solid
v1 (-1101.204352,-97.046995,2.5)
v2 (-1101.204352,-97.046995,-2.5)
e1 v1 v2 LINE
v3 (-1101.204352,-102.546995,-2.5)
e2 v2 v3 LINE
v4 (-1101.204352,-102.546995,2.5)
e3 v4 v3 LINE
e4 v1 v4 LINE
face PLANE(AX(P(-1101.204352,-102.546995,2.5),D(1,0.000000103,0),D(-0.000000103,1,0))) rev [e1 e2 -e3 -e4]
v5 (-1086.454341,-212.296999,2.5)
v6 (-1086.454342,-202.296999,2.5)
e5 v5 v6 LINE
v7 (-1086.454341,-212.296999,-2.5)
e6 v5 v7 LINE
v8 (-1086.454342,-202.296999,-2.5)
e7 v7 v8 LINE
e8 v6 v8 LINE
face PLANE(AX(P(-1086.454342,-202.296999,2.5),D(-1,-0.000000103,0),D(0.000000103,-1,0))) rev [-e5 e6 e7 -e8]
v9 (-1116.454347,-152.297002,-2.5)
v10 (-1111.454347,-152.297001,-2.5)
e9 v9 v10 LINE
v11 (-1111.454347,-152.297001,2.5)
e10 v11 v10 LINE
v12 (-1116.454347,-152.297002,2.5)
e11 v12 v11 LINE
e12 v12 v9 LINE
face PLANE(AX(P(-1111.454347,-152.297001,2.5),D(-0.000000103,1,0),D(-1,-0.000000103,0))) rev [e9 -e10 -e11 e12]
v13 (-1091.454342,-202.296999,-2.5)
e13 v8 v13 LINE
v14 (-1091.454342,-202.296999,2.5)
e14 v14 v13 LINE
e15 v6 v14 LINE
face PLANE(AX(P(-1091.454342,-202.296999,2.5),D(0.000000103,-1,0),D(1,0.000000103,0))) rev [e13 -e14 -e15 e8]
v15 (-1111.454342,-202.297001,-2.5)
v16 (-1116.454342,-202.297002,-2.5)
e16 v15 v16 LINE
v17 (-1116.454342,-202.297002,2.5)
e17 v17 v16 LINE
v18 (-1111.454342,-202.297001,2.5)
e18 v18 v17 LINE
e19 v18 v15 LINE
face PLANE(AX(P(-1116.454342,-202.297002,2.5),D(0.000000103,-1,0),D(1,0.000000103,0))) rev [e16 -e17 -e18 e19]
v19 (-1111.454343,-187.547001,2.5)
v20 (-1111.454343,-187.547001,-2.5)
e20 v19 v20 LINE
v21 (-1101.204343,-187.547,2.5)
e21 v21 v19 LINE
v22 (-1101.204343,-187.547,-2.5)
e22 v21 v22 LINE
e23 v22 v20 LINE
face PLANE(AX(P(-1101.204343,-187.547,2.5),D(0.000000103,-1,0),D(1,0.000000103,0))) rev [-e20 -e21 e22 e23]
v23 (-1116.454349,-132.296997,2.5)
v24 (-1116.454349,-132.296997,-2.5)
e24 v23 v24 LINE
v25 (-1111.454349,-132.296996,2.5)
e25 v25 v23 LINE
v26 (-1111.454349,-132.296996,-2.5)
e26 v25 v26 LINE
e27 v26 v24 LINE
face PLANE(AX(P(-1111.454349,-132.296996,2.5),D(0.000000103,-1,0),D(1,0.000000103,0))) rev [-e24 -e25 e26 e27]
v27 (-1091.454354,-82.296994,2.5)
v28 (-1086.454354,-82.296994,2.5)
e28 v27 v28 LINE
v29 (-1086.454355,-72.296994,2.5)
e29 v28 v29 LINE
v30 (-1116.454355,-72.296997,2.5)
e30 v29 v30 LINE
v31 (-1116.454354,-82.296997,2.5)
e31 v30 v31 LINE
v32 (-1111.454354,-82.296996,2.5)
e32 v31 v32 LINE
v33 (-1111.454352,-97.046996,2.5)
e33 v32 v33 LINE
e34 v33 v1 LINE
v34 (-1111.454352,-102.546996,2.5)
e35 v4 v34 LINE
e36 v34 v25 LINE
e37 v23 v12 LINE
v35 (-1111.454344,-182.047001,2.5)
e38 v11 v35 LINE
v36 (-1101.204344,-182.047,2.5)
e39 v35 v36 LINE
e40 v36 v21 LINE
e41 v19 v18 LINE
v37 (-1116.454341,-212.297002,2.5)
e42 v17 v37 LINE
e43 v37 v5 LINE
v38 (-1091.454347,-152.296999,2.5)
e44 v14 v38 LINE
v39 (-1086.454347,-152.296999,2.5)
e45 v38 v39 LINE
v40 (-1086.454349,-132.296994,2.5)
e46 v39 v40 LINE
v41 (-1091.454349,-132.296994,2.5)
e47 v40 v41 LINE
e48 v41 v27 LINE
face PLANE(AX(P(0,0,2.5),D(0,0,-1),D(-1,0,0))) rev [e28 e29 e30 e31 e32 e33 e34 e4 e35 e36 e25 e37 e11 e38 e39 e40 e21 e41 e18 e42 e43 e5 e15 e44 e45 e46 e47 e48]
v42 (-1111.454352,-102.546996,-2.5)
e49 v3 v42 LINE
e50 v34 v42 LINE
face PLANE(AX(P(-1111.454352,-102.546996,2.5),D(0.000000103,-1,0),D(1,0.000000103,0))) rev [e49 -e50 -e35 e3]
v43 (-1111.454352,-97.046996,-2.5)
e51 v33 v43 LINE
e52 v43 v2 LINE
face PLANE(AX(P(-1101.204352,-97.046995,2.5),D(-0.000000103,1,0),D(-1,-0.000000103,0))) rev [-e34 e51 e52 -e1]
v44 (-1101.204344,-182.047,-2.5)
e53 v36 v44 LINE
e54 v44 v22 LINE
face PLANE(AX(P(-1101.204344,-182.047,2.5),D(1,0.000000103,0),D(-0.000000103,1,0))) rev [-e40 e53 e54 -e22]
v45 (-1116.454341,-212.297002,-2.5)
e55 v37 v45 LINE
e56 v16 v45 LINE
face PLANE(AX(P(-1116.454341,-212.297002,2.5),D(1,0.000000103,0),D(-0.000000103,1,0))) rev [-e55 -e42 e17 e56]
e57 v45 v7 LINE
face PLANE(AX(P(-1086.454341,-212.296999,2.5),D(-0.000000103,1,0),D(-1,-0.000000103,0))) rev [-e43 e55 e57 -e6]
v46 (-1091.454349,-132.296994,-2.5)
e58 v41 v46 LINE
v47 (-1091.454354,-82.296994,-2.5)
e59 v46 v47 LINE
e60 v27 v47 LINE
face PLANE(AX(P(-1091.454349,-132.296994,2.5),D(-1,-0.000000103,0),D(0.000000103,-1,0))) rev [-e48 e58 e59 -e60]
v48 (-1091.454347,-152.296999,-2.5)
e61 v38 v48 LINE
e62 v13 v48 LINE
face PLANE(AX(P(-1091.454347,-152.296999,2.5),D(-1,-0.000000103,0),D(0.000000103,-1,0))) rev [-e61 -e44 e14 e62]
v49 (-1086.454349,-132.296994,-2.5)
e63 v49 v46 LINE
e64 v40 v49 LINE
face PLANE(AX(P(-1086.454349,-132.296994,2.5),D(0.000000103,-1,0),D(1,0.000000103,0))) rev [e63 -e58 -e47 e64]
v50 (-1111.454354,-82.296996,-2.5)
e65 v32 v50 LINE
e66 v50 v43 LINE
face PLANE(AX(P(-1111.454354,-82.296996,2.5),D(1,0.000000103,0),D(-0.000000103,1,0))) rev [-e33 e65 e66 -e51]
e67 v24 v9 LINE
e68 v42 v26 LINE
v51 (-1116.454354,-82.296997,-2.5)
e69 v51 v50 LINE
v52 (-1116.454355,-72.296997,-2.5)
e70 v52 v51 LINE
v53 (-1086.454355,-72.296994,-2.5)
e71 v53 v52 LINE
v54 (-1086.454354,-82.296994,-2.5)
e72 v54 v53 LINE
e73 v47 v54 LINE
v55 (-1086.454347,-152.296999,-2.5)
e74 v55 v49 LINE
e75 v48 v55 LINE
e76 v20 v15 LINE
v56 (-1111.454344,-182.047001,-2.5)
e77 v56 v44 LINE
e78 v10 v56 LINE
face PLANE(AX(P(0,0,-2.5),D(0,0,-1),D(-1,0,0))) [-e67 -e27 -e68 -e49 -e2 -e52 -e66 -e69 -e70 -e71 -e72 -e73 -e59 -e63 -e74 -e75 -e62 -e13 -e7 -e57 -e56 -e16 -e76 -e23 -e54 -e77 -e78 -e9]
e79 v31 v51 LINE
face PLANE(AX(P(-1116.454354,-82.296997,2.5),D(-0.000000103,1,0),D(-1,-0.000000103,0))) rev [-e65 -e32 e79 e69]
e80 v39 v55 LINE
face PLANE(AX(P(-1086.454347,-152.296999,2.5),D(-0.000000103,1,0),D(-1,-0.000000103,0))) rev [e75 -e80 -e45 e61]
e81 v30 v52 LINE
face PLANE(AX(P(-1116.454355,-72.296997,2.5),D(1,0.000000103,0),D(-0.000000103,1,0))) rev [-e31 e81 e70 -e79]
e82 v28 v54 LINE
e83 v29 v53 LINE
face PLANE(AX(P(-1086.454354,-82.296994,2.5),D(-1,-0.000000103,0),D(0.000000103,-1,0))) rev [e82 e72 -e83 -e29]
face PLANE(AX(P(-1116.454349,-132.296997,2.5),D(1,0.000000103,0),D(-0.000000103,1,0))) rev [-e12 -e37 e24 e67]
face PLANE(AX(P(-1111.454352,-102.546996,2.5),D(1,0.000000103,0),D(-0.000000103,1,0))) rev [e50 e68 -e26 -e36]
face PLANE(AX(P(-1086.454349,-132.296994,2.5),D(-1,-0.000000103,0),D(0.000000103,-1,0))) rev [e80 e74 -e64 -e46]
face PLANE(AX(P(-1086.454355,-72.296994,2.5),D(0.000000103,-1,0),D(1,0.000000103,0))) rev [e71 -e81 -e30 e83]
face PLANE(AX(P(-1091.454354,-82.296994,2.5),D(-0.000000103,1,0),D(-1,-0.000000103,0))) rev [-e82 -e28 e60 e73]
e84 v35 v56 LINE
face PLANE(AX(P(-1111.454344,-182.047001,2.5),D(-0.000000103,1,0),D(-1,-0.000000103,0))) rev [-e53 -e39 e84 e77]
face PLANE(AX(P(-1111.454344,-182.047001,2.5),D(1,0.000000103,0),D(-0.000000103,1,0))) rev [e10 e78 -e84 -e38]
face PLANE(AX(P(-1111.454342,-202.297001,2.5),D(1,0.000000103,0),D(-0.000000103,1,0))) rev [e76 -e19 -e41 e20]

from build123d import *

# Parameters (mm, degrees)
BOSS_EXTRUDE1_DEPTH = 2.5


with BuildPart() as part:
    # Sketch2 → Boss-Extrude1 (new, symmetric)
    with BuildSketch(Plane.XY):
        Polygon((-1086.454340614, -212.296998666), (-1116.454340614, -212.29700175), (-1116.454341642, -202.29700175), (-1111.454341642, -202.297001236), (-1111.454343158, -187.547001236), (-1101.204343158, -187.547000182), (-1101.204343723, -182.047000182), (-1111.454343723, -182.047001236), (-1111.454346781, -152.297001236), (-1116.454346781, -152.29700175), (-1116.454348836, -132.296996662), (-1111.454348836, -132.296996148), (-1111.454351894, -102.546996148), (-1101.204351894, -102.546995095), (-1101.204352459, -97.046995095), (-1111.454352459, -97.046996148), (-1111.454353975, -82.296996148), (-1116.454353975, -82.296996662), (-1116.454355003, -72.296996662), (-1086.454355003, -72.296993579), (-1086.454353975, -82.296993579), (-1091.454353975, -82.296994093), (-1091.454348836, -132.296994093), (-1086.454348836, -132.296993579), (-1086.454346781, -152.296998666), (-1091.454346781, -152.29699918), (-1091.454341642, -202.29699918), (-1086.454341642, -202.296998666), align=None)
    extrude(amount=BOSS_EXTRUDE1_DEPTH, both=True)


solid = part.part
